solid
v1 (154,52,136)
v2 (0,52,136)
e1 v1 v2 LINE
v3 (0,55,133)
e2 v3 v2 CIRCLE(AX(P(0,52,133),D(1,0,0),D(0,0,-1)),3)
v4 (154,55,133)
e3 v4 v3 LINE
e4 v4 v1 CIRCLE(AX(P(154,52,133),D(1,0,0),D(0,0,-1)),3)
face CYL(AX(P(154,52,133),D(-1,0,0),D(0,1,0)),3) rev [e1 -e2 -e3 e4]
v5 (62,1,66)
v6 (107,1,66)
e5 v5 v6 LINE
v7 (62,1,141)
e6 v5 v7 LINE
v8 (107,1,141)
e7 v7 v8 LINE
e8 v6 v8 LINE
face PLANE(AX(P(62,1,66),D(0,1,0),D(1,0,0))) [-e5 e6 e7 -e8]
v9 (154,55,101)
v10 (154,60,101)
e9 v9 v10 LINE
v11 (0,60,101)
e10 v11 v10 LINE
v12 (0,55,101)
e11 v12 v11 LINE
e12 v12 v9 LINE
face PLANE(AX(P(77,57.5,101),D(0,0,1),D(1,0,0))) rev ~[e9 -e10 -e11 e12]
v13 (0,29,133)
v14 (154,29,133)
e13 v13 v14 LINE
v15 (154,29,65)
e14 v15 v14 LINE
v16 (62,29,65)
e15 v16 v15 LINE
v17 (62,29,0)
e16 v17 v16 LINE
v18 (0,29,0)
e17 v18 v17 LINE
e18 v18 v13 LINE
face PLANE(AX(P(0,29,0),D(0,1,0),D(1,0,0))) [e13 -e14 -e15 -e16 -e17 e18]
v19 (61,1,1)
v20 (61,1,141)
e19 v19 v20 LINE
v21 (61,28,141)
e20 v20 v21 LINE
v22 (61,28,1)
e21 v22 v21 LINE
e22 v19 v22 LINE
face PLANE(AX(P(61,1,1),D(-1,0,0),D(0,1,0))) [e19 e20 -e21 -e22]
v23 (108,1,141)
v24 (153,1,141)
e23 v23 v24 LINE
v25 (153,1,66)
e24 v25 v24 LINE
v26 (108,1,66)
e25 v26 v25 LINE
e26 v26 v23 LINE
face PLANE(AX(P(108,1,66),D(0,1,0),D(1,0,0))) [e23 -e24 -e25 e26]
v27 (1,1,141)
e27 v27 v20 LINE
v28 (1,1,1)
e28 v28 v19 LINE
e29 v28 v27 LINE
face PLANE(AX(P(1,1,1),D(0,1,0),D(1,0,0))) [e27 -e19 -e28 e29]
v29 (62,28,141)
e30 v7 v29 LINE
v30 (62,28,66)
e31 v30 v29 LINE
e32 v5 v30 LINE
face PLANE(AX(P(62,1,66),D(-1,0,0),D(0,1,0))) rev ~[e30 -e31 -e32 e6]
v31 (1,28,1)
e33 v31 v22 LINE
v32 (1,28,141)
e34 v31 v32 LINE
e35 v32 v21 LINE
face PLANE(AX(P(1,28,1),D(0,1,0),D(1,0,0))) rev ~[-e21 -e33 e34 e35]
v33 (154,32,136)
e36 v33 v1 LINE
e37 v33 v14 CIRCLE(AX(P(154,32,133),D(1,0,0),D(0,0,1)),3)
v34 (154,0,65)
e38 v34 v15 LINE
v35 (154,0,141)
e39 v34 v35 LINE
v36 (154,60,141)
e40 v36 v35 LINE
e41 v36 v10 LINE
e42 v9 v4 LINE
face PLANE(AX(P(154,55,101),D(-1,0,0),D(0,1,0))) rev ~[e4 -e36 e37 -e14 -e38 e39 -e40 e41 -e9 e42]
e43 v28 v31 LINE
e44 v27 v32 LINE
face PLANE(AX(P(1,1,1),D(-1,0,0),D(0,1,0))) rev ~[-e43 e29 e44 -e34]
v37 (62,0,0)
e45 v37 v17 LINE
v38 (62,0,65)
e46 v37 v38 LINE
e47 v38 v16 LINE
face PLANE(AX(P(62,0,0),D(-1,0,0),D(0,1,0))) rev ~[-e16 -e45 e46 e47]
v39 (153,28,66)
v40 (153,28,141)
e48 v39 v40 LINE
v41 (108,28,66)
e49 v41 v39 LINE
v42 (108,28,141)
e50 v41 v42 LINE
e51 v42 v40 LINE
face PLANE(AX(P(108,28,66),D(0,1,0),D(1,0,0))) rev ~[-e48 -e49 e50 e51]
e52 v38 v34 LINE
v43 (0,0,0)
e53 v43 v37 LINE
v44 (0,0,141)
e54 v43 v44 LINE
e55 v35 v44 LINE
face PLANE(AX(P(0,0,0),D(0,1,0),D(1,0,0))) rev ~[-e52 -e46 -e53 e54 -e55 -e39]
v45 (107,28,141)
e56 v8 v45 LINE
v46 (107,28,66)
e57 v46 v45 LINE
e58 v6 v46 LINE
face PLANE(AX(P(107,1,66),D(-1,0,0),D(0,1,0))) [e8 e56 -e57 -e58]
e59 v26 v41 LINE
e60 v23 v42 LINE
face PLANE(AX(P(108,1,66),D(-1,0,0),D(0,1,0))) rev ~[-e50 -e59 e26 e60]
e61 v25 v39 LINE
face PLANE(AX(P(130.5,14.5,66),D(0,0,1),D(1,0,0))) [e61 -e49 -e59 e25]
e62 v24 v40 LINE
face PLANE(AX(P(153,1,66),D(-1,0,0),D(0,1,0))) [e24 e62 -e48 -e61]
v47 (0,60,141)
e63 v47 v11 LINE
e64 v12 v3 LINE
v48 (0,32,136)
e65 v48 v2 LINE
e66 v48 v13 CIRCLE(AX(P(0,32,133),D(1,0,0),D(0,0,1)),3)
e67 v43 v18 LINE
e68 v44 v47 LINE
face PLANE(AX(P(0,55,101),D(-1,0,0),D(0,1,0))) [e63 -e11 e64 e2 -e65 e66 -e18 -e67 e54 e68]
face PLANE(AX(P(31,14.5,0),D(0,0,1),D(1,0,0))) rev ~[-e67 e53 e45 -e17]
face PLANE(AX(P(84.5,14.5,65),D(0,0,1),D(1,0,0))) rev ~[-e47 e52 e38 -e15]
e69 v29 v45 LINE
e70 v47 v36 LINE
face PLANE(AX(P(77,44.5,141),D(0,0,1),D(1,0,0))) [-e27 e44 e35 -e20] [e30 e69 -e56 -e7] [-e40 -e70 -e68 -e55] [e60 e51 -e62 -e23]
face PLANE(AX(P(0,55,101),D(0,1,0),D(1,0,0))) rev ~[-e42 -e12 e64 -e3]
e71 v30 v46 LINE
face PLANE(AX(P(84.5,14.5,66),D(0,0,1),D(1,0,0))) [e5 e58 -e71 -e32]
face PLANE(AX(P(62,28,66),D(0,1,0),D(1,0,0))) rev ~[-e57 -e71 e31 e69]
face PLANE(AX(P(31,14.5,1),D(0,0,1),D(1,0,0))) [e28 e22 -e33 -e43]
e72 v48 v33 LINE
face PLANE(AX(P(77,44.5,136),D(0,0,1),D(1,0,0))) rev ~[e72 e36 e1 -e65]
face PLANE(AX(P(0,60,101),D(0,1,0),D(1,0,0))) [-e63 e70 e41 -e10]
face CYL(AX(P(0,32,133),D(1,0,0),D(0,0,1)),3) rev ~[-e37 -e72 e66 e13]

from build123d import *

# Parameters (mm, degrees)
BOX003_W     = 45
BOX003_H     = 27
BOX003_DEPTH = 75
BOX005_W     = 45
BOX005_H     = 27
BOX005_DEPTH = 75
BOX001_W     = 60
BOX001_H     = 27
BOX001_DEPTH = 140
BOX006_W     = 154
BOX006_H     = 31
BOX006_DEPTH = 5
BOX007_W     = 154
BOX007_H     = 5
BOX007_DEPTH = 40
BOX002_W     = 47
BOX002_H     = 29
BOX002_DEPTH = 76
BOX004_W     = 47
BOX004_H     = 29
BOX004_DEPTH = 76
BOX_W        = 62
BOX_H        = 29
BOX_DEPTH    = 141
FILLET_R     = 3


with BuildPart() as cube003:
    # Box003 → Box003 (new body)
    with BuildSketch(Plane(origin=(62, 1, 66), x_dir=(1, 0, 0), z_dir=(0, 0, 1))):
        with Locations((22.5, 13.5)):
            Rectangle(BOX003_W, BOX003_H)
    extrude(amount=BOX003_DEPTH)


with BuildPart() as cube005:
    # Box005 → Box005 (new body)
    with BuildSketch(Plane(origin=(108, 1, 66), x_dir=(1, 0, 0), z_dir=(0, 0, 1))):
        with Locations((22.5, 13.5)):
            Rectangle(BOX005_W, BOX005_H)
    extrude(amount=BOX005_DEPTH)


with BuildPart() as fusion001:
    # Box001 → Box001 (new body)
    with BuildSketch(Plane(origin=(1, 1, 1), x_dir=(1, 0, 0), z_dir=(0, 0, 1))):
        with Locations((30, 13.5)):
            Rectangle(BOX001_W, BOX001_H)
    extrude(amount=BOX001_DEPTH)

    # Fusion001: union Cube003, Cube005
    add(cube003.part)
    add(cube005.part)


with BuildPart() as cube006:
    # Box006 → Box006 (new body)
    with BuildSketch(Plane(origin=(0, 29, 136), x_dir=(1, 0, 0), z_dir=(0, 0, 1))):
        with Locations((77, 15.5)):
            Rectangle(BOX006_W, BOX006_H)
    extrude(amount=BOX006_DEPTH)


with BuildPart() as cube007:
    # Box007 → Box007 (new body)
    with BuildSketch(Plane(origin=(0, 55, 101), x_dir=(1, 0, 0), z_dir=(0, 0, 1))):
        with Locations((77, 2.5)):
            Rectangle(BOX007_W, BOX007_H)
    extrude(amount=BOX007_DEPTH)


with BuildPart() as cube002:
    # Box002 → Box002 (new body)
    with BuildSketch(Plane(origin=(61, 0, 65), x_dir=(1, 0, 0), z_dir=(0, 0, 1))):
        with Locations((23.5, 14.5)):
            Rectangle(BOX002_W, BOX002_H)
    extrude(amount=BOX002_DEPTH)


with BuildPart() as cube004:
    # Box004 → Box004 (new body)
    with BuildSketch(Plane(origin=(107, 0, 65), x_dir=(1, 0, 0), z_dir=(0, 0, 1))):
        with Locations((23.5, 14.5)):
            Rectangle(BOX004_W, BOX004_H)
    extrude(amount=BOX004_DEPTH)


with BuildPart() as fillet_body:
    # Box → Box (new body)
    with BuildSketch(Plane.XY):
        with Locations((31, 14.5)):
            Rectangle(BOX_W, BOX_H)
    extrude(amount=BOX_DEPTH)

    # Fusion: union Cube002, Cube004
    add(cube002.part)
    add(cube004.part)

    # Fusion002: union Cube006, Cube007
    add(cube006.part)
    add(cube007.part)

    # Cut: cut Fusion001
    add(fusion001.part, mode=Mode.SUBTRACT)

    # Fillet
    fillet_edges = [fillet_body.edges().sort_by_distance(p)[0] for p in [
        (77, 55, 136),
        (131, 29, 136),
        (84.5, 29, 136),
        (30.5, 29, 136),
    ]]
    fillet(fillet_edges, radius=FILLET_R)


solid = fillet_body.part
